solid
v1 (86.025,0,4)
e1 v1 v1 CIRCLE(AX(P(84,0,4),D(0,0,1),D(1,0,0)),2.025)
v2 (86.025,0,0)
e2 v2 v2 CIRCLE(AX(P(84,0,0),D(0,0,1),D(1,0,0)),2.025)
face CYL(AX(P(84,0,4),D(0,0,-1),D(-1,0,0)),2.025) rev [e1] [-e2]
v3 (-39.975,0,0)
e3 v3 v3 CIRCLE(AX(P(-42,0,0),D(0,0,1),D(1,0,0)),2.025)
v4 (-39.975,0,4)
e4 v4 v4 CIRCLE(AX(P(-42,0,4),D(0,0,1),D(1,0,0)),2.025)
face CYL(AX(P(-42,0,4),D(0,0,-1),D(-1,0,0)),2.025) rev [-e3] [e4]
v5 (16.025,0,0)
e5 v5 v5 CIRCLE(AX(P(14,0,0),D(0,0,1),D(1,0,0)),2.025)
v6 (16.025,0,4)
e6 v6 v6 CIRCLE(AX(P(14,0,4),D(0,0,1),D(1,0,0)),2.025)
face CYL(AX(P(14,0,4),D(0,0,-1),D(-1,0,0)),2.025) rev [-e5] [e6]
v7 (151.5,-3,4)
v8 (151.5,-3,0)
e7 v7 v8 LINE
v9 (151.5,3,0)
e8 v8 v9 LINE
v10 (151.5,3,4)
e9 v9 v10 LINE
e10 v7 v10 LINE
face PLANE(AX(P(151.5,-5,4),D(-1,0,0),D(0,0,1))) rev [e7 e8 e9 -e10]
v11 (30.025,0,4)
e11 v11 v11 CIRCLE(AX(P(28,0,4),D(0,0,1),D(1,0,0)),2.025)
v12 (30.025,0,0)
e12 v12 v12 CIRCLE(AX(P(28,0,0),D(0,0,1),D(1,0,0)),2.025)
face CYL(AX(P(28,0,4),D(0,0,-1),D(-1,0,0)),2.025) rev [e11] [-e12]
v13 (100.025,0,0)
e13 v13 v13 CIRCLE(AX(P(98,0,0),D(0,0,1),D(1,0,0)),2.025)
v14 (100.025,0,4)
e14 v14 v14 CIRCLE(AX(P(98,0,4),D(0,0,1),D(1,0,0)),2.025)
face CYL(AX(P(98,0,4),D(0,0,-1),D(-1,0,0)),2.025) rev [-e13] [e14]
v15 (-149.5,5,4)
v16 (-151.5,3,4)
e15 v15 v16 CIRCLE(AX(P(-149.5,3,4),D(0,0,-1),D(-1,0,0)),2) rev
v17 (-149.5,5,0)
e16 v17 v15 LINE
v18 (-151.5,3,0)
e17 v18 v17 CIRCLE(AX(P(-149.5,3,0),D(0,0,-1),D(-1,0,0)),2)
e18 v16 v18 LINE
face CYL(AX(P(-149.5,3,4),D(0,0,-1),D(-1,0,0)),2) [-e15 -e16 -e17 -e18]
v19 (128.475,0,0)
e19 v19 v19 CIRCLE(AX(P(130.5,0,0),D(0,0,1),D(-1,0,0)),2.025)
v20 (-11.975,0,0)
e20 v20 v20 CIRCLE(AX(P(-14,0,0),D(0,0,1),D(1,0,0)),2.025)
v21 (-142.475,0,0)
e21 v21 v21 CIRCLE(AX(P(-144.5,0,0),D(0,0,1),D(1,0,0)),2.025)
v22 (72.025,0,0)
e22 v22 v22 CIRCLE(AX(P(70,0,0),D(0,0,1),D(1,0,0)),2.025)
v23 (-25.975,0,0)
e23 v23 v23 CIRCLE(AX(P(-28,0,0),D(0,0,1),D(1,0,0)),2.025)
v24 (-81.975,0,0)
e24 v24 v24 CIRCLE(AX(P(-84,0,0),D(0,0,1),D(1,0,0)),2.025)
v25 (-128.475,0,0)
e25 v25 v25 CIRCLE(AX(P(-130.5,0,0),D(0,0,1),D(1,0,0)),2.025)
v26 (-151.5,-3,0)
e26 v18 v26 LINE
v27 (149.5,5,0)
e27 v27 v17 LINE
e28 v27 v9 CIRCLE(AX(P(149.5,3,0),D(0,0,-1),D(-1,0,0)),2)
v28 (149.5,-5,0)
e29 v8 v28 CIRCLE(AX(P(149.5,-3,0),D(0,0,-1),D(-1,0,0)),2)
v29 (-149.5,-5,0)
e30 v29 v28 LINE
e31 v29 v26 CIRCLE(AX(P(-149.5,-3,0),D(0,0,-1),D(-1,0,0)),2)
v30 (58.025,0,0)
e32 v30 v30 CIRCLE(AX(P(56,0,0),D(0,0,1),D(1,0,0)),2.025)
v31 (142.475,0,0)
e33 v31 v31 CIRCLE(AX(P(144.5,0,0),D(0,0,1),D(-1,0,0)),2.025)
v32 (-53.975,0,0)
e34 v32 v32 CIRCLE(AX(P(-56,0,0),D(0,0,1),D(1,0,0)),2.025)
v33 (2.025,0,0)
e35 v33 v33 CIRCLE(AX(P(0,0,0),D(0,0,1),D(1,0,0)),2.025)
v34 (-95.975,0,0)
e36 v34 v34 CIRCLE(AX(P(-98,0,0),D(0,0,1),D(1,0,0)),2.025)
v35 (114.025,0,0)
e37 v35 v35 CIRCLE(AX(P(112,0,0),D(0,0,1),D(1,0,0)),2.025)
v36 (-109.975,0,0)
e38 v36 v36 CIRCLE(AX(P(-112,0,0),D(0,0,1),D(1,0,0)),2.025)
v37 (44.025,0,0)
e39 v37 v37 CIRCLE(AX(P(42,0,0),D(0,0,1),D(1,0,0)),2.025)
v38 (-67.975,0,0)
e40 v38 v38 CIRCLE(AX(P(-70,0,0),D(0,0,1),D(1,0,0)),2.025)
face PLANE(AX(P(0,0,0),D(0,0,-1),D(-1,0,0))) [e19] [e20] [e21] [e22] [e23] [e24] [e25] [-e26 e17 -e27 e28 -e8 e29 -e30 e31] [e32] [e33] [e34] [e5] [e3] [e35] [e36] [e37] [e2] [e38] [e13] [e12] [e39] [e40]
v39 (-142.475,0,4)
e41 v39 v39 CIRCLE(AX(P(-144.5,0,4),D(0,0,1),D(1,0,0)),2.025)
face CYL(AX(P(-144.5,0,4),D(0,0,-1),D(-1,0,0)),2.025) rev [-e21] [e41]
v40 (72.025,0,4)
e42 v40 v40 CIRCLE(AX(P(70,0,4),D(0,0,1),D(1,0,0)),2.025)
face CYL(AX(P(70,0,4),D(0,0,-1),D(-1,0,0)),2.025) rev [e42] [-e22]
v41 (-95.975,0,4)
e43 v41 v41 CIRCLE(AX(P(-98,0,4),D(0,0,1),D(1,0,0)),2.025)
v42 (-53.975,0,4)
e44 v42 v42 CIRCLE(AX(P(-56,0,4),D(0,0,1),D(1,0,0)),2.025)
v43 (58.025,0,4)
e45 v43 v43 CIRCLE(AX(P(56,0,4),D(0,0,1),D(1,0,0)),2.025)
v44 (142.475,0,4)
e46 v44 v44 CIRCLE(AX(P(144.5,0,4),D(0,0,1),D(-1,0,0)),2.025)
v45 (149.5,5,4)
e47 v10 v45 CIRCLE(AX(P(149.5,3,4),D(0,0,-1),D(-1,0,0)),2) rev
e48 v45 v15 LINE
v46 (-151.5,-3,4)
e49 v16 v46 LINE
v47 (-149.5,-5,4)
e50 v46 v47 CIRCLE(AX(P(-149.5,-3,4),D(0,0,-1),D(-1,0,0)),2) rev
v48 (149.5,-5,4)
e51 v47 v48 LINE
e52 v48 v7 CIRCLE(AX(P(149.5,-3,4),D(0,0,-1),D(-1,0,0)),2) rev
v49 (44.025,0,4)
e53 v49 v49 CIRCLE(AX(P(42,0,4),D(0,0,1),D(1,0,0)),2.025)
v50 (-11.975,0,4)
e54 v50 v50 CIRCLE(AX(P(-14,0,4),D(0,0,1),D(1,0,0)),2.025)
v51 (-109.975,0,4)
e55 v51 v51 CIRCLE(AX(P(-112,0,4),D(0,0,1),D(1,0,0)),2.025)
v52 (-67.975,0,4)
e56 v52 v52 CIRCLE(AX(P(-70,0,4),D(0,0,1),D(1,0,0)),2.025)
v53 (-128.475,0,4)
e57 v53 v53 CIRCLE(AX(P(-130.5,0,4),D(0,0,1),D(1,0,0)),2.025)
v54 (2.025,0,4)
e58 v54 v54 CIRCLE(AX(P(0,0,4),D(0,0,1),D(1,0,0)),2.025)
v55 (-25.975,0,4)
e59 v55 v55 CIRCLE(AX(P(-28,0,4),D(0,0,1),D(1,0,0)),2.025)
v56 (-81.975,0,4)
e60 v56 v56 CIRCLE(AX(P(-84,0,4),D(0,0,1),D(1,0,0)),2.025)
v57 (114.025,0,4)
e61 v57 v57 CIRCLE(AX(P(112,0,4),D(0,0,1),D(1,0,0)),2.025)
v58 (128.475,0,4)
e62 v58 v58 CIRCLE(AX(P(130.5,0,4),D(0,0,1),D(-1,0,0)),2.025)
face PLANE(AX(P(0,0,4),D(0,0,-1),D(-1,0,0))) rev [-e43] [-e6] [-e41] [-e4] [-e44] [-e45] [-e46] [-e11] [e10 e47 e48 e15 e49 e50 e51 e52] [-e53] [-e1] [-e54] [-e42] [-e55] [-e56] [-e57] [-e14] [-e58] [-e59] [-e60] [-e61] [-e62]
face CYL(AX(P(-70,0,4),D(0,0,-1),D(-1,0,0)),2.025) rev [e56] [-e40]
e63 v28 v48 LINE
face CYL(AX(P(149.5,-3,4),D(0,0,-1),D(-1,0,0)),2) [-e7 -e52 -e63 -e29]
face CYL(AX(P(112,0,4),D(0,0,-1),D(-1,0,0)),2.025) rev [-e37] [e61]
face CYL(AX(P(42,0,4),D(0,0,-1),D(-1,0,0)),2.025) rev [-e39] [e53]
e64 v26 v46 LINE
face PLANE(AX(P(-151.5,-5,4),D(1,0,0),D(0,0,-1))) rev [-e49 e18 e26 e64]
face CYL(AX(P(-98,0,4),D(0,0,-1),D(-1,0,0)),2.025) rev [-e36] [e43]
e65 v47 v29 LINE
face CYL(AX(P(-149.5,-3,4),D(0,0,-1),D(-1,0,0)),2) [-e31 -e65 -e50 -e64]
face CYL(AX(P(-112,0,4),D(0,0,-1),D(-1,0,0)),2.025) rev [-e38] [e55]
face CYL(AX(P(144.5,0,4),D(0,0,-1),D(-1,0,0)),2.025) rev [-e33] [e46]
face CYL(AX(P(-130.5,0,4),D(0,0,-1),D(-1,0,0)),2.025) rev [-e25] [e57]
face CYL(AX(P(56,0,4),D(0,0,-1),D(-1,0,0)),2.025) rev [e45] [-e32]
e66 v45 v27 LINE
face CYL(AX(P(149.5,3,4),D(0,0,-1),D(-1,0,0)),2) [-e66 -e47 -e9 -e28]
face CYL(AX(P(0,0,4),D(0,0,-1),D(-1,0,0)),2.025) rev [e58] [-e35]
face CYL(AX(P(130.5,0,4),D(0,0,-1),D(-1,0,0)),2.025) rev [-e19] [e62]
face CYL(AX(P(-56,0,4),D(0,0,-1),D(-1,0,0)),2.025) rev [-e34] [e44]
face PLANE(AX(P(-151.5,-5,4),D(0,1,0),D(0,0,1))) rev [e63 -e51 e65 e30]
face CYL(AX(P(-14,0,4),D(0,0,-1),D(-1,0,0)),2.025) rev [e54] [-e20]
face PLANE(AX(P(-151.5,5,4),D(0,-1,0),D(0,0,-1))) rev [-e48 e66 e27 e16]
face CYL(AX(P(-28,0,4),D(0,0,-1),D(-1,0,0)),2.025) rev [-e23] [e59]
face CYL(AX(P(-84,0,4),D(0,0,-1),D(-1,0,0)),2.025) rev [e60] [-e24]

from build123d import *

# Parameters (mm, degrees)
SKETCH_1_W      = 303
SKETCH_1_H      = 10
SKETCH_1_R      = 2.025
EXTRUDE_1_DEPTH = 4
FILLET_1_R      = 2


with BuildPart() as part:
    # 草图1 → 凸台-拉伸1 (new body)
    with BuildSketch(Plane.XY):
        Rectangle(SKETCH_1_W, SKETCH_1_H)
        with Locations((-112, 0)):
            Circle(SKETCH_1_R, mode=Mode.SUBTRACT)
        with Locations((-98, 0)):
            Circle(SKETCH_1_R, mode=Mode.SUBTRACT)
        with Locations((-84, 0)):
            Circle(SKETCH_1_R, mode=Mode.SUBTRACT)
        with Locations((-70, 0)):
            Circle(SKETCH_1_R, mode=Mode.SUBTRACT)
        with Locations((-56, 0)):
            Circle(SKETCH_1_R, mode=Mode.SUBTRACT)
        with Locations((-42, 0)):
            Circle(SKETCH_1_R, mode=Mode.SUBTRACT)
        with Locations((-28, 0)):
            Circle(SKETCH_1_R, mode=Mode.SUBTRACT)
        with Locations((-14, 0)):
            Circle(SKETCH_1_R, mode=Mode.SUBTRACT)
        Circle(SKETCH_1_R, mode=Mode.SUBTRACT)
        with Locations((14, 0)):
            Circle(SKETCH_1_R, mode=Mode.SUBTRACT)
        with Locations((28, 0)):
            Circle(SKETCH_1_R, mode=Mode.SUBTRACT)
        with Locations((42, 0)):
            Circle(SKETCH_1_R, mode=Mode.SUBTRACT)
        with Locations((56, 0)):
            Circle(SKETCH_1_R, mode=Mode.SUBTRACT)
        with Locations((70, 0)):
            Circle(SKETCH_1_R, mode=Mode.SUBTRACT)
        with Locations((84, 0)):
            Circle(SKETCH_1_R, mode=Mode.SUBTRACT)
        with Locations((98, 0)):
            Circle(SKETCH_1_R, mode=Mode.SUBTRACT)
        with Locations((112, 0)):
            Circle(SKETCH_1_R, mode=Mode.SUBTRACT)
        with Locations((-144.5, 0)):
            Circle(SKETCH_1_R, mode=Mode.SUBTRACT)
        with Locations((-130.5, 0)):
            Circle(SKETCH_1_R, mode=Mode.SUBTRACT)
        with Locations((130.5, 0)):
            Circle(SKETCH_1_R, mode=Mode.SUBTRACT)
        with Locations((144.5, 0)):
            Circle(SKETCH_1_R, mode=Mode.SUBTRACT)
    extrude(amount=EXTRUDE_1_DEPTH)

    # 圆角1
    fillet_1_edges = [part.edges().sort_by_distance(p)[0] for p in [
        (151.5, -5, 2),
        (-151.5, -5, 2),
        (-151.5, 5, 2),
        (151.5, 5, 2),
    ]]
    fillet(fillet_1_edges, radius=FILLET_1_R)


solid = part.part
